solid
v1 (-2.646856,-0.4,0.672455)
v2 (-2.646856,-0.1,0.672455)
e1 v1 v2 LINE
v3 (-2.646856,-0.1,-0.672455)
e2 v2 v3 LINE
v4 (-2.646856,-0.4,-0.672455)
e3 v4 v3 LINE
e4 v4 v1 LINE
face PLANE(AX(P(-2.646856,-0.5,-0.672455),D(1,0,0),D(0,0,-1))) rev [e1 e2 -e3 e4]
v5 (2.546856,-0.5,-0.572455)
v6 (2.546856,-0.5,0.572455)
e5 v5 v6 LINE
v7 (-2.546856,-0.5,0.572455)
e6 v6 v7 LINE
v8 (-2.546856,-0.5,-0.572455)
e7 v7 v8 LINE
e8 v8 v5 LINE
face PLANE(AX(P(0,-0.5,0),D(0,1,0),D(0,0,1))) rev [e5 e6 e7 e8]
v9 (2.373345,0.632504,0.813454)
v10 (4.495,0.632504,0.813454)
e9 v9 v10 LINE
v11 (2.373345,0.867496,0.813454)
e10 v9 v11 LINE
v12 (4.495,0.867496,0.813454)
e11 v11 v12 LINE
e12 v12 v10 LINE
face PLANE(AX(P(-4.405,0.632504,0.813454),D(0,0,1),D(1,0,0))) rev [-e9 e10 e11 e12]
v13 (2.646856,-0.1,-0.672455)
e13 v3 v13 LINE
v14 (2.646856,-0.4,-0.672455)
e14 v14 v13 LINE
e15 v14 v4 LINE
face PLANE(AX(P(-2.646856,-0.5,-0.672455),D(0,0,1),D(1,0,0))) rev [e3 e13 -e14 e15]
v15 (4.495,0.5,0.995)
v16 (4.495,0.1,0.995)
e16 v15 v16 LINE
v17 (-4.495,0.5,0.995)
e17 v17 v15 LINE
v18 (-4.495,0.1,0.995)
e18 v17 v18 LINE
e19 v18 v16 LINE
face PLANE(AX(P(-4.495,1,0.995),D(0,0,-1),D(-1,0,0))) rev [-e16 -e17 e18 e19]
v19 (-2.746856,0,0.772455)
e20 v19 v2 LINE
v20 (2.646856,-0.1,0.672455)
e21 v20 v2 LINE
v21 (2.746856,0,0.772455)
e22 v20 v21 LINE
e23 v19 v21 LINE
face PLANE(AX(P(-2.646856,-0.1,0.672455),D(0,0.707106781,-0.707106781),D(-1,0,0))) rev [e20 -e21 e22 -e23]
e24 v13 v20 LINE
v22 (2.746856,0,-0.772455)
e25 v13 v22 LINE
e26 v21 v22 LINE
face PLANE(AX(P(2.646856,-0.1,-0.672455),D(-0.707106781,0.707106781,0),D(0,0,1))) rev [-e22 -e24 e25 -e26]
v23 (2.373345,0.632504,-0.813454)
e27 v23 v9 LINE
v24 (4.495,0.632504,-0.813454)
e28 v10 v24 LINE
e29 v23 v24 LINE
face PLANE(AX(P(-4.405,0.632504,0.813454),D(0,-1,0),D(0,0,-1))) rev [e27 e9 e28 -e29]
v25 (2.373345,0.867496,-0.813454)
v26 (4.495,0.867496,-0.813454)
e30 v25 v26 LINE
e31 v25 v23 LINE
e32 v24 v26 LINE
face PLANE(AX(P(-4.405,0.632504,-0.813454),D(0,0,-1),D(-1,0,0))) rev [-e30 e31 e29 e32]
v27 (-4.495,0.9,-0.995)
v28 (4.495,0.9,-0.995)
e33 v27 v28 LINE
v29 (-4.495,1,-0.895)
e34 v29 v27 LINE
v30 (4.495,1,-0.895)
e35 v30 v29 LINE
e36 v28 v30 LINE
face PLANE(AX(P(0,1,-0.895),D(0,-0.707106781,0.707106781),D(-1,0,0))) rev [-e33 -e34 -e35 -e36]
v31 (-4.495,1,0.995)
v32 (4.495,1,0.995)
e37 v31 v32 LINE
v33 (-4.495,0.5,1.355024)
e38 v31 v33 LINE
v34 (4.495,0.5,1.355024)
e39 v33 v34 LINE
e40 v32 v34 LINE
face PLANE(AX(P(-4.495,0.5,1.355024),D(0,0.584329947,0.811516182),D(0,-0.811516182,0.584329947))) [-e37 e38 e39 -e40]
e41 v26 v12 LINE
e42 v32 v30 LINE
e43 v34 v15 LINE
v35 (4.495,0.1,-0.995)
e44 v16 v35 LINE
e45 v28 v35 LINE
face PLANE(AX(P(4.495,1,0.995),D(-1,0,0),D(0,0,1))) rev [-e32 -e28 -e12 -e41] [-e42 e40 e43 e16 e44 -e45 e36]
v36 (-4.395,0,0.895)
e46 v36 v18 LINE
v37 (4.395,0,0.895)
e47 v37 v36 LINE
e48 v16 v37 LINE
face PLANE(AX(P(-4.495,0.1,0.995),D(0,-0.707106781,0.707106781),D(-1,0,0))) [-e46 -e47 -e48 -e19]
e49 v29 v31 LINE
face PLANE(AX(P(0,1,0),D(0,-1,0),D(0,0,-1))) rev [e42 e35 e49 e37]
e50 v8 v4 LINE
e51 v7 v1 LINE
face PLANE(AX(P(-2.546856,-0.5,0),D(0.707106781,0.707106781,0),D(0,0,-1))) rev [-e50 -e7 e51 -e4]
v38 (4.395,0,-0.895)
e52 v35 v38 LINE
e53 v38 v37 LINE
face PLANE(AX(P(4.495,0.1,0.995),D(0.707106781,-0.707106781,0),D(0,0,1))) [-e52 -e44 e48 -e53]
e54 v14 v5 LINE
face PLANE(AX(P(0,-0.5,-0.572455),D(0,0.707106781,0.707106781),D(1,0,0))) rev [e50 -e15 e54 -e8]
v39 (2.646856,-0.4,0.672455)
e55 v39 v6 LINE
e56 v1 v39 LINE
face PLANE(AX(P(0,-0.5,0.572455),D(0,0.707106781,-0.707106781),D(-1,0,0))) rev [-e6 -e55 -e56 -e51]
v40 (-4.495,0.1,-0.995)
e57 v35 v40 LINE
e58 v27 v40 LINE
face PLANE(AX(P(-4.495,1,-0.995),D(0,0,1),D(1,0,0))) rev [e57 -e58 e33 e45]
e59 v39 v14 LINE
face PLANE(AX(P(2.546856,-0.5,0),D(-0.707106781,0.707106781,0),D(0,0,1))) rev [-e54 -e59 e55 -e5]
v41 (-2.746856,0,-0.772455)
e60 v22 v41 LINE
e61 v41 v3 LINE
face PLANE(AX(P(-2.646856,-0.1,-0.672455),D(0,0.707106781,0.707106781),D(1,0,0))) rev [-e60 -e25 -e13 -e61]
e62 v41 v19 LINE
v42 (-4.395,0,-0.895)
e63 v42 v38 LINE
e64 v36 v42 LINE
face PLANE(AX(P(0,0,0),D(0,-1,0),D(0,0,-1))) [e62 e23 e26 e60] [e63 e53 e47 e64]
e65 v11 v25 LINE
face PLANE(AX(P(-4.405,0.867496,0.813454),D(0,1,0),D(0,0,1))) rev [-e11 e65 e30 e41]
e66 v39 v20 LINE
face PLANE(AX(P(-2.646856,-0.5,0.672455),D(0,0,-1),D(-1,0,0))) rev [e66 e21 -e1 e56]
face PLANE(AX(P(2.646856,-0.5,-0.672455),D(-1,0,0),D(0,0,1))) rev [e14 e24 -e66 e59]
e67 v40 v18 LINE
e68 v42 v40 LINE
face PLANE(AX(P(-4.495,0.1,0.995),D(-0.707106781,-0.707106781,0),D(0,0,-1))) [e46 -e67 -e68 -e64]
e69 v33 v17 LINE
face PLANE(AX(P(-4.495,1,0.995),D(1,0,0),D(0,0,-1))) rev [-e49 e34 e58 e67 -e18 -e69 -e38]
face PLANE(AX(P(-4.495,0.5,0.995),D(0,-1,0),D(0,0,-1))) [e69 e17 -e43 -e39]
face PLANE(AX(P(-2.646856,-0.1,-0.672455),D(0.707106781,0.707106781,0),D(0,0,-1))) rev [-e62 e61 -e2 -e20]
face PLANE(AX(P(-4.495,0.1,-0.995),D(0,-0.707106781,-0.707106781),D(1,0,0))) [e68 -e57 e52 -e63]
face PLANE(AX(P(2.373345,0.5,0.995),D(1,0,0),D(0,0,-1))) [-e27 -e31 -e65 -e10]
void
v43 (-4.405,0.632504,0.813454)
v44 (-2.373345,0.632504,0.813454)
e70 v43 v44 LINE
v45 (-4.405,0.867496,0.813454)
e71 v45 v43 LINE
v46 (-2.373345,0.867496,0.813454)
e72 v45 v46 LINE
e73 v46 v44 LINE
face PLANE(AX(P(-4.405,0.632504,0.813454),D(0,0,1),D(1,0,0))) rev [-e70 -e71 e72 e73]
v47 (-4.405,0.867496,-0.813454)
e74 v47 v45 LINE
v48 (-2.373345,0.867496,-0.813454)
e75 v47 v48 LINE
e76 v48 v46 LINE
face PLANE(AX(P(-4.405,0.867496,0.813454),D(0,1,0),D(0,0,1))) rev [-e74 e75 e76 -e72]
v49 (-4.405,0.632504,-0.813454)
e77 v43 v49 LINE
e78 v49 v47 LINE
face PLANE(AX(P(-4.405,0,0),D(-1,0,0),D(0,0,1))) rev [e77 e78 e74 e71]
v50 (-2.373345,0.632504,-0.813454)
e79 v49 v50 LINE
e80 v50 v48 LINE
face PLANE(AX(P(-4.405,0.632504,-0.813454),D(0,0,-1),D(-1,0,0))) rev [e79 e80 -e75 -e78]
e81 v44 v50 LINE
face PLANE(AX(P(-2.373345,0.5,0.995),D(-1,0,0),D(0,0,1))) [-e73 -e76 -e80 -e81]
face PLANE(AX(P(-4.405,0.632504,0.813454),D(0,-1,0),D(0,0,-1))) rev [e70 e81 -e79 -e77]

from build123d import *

# Parameters (mm, degrees)
SKETCH_1_W          = 8.99
SKETCH_1_H          = 1.99
EXTRUDE_1_DEPTH     = 1
EXTRUDE_2_DEPTH     = 8.99
SKETCH_3_W          = 1.62690844
SKETCH_3_H          = 0.234992706
CUT_EXTRUDE_2_DEPTH = 8.9
SKETCH_4_W          = 5.293711796
SKETCH_4_H          = 1.344910324
EXTRUDE_3_DEPTH     = 0.5
SKETCH_5_W          = 4.74668983
SKETCH_5_H          = 1.99
EXTRUDE_4_DEPTH     = 0.5
CHAMFER_1_SIZE      = 0.1
CHAMFER_2_SIZE      = 0.1


with BuildPart() as part:
    # 草图1 → 凸台-拉伸1 (new body)
    with BuildSketch(Plane(origin=(0, 0, 0), x_dir=(1, 0, 0), z_dir=(0, 1, 0))):
        Rectangle(SKETCH_1_W, SKETCH_1_H)
    extrude(amount=EXTRUDE_1_DEPTH)

    # 草图2 → 凸台-拉伸2 (add)
    with BuildSketch(Plane(origin=(4.495, 0, 0), x_dir=(0, 0, -1), z_dir=(1, 0, 0))):
        Polygon((-0.995, 0.5), (-1.355023595, 0.5), (-0.995, 1), align=None)
    extrude(amount=-EXTRUDE_2_DEPTH)

    # 草图3 → 切除-拉伸2 (cut)
    with BuildSketch(Plane(origin=(4.495, 0, 0), x_dir=(0, 0, -1), z_dir=(1, 0, 0))):
        with Locations((0, 0.75)):
            Rectangle(SKETCH_3_W, SKETCH_3_H)
    extrude(amount=-CUT_EXTRUDE_2_DEPTH, mode=Mode.SUBTRACT)

    # 草图4 → 凸台-拉伸3 (add)
    with BuildSketch(Plane.XZ):
        Rectangle(SKETCH_4_W, SKETCH_4_H)
    extrude(amount=EXTRUDE_3_DEPTH)

    # 草图5 → 凸台-拉伸4 (add)
    with BuildSketch(Plane(origin=(0, 1, 0), x_dir=(1, 0, 0), z_dir=(0, 1, 0))):
        Rectangle(SKETCH_5_W, SKETCH_5_H)
    extrude(amount=-EXTRUDE_4_DEPTH)

    # 倒角1
    chamfer_1_edges = [part.edges().sort_by_distance(p)[0] for p in [
        (2.646855898, 0, 0),
        (0, 0, 0.672455162),
        (-2.646855898, 0, 0),
        (0, 0, -0.672455162),
        (2.646855898, -0.5, 0),
        (0, -0.5, 0.672455162),
        (-2.646855898, -0.5, 0),
        (0, -0.5, -0.672455162),
        (0, 0, 0.995),
        (-4.495, 0, 0),
        (0, 0, -0.995),
        (4.495, 0, 0),
    ]]
    chamfer(chamfer_1_edges, length=CHAMFER_1_SIZE)

    # 倒角2
    chamfer_2_edges = [part.edges().sort_by_distance(p)[0] for p in [
        (0, 1, -0.995),
    ]]
    chamfer(chamfer_2_edges, length=CHAMFER_2_SIZE)


solid = part.part
